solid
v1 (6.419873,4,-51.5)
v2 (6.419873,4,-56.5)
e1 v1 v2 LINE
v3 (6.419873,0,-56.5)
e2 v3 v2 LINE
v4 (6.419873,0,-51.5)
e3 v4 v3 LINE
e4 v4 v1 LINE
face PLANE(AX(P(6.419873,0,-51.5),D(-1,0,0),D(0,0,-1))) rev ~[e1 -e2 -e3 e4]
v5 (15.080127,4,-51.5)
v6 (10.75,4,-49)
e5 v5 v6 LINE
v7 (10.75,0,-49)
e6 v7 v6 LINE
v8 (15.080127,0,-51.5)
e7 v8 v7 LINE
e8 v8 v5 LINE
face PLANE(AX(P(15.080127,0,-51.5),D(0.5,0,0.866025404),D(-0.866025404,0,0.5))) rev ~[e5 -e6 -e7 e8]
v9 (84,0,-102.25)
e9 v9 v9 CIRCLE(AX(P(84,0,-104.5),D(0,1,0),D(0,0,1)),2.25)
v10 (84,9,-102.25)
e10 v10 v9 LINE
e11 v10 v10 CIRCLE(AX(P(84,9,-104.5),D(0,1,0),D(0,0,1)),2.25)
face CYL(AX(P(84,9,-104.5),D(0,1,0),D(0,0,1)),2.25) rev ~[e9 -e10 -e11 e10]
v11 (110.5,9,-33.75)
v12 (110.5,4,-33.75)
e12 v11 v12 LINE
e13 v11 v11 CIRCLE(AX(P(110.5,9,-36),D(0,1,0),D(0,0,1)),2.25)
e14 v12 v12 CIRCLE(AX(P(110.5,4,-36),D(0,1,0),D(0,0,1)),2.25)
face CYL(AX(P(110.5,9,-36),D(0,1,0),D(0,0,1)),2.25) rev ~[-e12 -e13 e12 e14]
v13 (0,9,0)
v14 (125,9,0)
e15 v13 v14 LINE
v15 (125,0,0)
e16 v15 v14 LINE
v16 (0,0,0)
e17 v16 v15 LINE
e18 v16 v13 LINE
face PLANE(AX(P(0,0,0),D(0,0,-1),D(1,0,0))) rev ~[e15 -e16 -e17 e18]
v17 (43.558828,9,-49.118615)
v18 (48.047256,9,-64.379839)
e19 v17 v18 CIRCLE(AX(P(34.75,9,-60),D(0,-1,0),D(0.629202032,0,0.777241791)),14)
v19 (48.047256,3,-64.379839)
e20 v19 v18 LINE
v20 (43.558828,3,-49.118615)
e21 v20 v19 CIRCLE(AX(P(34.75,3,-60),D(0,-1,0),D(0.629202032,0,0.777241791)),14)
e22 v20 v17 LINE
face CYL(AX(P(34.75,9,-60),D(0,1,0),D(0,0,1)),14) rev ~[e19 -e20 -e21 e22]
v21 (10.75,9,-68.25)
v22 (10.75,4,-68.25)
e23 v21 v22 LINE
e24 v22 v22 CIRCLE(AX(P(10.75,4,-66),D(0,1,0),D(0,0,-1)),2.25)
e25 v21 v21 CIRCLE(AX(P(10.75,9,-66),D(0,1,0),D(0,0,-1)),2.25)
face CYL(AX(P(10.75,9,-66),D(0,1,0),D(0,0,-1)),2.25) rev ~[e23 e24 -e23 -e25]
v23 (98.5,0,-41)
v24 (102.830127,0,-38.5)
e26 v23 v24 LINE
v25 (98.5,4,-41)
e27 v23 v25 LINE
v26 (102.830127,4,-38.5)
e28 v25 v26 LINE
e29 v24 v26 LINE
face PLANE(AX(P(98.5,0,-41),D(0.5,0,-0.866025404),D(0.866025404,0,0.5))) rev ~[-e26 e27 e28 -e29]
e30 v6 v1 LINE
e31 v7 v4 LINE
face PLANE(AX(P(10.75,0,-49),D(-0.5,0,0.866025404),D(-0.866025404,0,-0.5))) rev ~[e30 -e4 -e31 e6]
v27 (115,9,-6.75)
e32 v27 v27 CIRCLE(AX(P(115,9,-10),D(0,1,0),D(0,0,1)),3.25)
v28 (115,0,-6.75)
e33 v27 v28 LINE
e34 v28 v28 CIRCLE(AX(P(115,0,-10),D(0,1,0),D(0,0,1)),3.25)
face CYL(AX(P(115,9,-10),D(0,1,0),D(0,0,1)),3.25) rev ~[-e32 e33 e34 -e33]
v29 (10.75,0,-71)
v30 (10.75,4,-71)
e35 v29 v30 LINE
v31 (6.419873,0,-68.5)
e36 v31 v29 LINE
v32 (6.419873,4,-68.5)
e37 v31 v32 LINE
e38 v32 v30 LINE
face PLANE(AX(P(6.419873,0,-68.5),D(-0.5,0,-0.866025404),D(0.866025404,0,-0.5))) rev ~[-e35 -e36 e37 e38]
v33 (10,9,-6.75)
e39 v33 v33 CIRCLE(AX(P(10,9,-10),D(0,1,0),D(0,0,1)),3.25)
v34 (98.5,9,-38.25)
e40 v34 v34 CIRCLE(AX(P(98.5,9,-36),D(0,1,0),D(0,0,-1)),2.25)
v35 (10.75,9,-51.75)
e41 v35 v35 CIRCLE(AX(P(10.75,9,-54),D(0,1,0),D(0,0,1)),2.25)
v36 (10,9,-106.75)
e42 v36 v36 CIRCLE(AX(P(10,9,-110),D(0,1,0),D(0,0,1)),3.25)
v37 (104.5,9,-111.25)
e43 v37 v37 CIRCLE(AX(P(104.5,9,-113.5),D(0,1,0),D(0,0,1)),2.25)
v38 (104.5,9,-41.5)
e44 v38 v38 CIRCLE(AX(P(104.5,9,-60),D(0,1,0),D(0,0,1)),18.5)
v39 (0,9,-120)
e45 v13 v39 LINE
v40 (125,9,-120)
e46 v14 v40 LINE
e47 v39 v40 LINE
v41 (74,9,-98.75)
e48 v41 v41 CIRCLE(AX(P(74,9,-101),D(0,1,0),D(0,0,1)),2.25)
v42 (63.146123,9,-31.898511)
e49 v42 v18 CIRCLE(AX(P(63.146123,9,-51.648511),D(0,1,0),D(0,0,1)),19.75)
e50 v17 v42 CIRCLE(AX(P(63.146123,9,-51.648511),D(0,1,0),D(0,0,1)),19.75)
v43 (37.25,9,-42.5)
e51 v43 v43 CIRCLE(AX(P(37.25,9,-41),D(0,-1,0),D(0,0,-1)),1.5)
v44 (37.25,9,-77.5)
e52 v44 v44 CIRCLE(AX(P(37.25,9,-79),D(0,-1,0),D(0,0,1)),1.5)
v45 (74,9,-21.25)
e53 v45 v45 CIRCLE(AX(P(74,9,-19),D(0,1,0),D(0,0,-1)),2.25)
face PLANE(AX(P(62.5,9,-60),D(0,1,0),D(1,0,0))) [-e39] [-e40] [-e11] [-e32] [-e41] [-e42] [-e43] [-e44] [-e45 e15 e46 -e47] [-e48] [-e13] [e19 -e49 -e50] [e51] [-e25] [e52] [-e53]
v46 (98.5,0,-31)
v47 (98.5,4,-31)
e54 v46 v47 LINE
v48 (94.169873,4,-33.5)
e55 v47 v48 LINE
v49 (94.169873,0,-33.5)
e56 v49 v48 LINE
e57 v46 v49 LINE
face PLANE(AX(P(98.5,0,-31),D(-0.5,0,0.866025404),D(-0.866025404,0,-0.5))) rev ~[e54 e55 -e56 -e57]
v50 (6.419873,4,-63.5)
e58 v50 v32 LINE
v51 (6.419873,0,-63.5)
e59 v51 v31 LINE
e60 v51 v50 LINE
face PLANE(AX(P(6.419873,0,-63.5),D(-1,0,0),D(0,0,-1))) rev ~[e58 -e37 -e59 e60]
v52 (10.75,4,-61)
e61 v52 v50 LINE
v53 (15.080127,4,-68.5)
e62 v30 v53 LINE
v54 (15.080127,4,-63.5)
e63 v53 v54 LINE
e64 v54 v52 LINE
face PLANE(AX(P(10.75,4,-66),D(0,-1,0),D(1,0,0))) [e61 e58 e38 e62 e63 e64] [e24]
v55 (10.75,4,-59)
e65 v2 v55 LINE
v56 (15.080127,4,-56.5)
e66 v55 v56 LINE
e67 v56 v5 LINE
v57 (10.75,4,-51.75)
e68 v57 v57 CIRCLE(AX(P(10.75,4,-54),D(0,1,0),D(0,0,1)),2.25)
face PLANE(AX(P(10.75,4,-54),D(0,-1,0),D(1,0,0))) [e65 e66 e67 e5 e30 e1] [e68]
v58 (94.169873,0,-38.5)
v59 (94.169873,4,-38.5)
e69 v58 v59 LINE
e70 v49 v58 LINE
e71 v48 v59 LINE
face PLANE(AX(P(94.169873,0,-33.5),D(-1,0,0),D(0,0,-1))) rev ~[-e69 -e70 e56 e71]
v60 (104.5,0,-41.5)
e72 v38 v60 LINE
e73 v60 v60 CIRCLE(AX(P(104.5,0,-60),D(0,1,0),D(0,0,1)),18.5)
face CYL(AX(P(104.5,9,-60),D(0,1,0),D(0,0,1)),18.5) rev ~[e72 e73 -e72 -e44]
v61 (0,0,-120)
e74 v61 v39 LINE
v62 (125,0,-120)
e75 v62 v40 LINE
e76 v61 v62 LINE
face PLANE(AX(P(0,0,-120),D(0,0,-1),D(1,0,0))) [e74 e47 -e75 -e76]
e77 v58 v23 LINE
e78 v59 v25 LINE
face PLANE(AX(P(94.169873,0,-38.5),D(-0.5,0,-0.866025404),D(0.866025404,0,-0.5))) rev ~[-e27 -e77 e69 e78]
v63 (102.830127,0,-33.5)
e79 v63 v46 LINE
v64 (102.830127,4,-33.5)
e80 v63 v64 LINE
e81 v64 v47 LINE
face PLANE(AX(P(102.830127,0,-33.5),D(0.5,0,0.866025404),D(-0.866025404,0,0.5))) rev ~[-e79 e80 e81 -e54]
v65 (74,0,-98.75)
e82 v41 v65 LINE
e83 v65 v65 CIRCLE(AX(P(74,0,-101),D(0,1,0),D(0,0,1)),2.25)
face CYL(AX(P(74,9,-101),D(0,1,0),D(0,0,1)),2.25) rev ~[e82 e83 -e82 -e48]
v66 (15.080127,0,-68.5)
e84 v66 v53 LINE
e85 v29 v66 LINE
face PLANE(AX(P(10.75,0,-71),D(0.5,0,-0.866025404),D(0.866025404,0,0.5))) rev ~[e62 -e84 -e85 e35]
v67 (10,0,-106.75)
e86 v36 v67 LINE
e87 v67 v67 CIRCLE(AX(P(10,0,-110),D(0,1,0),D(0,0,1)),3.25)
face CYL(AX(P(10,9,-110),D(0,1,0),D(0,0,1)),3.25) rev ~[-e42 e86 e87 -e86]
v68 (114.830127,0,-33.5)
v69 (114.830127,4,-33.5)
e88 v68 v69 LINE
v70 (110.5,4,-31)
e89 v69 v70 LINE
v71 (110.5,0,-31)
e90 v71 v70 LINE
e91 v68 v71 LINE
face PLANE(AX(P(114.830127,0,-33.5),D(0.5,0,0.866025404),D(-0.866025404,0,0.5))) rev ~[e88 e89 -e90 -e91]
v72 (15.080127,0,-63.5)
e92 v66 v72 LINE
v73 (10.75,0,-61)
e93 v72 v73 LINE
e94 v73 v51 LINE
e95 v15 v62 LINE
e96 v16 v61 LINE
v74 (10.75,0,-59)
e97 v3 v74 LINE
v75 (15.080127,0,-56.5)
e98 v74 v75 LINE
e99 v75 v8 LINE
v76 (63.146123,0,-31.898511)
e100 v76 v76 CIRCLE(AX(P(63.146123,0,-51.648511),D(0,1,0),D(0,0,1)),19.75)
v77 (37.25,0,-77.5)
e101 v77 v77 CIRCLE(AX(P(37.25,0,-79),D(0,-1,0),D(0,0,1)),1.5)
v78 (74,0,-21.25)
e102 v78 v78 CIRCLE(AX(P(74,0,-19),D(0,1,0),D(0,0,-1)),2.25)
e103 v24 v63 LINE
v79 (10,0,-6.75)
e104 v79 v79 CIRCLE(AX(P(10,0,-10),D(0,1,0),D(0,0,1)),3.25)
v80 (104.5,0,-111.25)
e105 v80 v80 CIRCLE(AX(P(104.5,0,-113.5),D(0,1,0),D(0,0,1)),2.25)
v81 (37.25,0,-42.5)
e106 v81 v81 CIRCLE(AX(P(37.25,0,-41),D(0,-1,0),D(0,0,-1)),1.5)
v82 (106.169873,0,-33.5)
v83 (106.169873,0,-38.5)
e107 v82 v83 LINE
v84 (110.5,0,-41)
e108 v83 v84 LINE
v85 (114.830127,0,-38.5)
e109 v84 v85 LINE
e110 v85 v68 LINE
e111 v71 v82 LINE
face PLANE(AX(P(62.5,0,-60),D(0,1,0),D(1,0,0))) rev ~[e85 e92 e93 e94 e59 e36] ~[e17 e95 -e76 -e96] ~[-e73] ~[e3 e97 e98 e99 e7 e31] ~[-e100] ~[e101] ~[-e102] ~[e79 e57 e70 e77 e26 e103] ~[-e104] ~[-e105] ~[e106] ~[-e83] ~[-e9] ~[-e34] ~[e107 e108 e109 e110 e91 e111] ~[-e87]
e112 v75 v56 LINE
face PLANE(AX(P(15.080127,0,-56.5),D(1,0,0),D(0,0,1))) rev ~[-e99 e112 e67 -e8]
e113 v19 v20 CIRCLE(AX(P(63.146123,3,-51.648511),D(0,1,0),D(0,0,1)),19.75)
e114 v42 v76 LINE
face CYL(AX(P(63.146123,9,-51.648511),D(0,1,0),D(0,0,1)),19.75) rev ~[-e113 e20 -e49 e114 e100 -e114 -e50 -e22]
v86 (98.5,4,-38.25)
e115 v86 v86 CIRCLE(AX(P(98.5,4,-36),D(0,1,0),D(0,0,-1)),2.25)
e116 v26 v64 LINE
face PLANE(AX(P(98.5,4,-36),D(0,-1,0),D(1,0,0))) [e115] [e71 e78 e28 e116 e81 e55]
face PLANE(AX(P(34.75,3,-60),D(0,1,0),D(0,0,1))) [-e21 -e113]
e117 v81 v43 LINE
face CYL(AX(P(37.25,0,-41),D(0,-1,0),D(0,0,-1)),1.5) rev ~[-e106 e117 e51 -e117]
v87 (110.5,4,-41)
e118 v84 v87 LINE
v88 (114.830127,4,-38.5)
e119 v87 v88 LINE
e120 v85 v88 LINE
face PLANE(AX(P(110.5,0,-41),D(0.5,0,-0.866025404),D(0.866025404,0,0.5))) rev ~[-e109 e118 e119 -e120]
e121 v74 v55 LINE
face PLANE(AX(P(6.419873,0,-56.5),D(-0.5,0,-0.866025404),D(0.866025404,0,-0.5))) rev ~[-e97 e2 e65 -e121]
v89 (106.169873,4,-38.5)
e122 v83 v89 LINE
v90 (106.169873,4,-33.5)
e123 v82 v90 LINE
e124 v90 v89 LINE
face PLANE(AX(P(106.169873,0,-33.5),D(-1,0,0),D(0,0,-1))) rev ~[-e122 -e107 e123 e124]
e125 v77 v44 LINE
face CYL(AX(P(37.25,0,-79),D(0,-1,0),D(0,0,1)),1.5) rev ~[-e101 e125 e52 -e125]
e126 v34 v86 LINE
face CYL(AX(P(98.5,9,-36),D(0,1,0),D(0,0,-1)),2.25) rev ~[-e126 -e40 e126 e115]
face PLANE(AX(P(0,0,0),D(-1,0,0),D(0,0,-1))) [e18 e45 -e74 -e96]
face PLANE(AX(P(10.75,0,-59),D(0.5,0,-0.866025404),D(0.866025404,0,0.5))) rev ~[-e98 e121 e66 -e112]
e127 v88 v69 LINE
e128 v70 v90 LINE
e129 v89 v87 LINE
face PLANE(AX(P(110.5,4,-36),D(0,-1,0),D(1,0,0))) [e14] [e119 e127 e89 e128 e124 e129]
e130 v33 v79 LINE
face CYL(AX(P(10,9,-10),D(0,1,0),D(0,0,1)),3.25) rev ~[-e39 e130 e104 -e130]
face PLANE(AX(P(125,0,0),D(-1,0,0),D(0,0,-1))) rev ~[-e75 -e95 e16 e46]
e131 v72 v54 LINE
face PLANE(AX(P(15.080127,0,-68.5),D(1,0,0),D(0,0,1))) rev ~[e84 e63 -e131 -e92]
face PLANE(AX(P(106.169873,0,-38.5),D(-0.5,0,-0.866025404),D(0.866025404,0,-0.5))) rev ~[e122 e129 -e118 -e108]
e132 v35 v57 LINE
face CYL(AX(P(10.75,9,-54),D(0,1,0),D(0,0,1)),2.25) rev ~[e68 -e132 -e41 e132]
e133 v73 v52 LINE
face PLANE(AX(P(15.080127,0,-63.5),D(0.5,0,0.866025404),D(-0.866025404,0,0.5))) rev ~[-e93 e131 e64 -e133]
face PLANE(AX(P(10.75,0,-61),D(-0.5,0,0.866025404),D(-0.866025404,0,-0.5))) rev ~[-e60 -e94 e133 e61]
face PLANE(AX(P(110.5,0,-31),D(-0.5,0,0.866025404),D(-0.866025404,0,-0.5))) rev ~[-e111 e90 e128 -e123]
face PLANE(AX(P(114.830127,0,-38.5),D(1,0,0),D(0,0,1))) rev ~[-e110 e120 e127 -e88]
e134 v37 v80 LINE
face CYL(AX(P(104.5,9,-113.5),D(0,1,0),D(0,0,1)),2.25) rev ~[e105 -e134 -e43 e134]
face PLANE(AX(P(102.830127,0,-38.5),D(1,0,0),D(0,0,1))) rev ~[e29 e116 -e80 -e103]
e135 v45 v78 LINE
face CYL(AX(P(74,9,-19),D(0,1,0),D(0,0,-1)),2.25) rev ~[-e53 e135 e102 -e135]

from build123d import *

# Parameters (mm, degrees)
SKETCH1_W                            = 125
SKETCH1_H                            = 120
TOP_BASE_DEPTH                       = 9
SKETCH5_R                            = 14
DRIVE_GEAR_EXTRUDE_CUT_DEPTH         = 6
SKETCH17_R                           = 19.75
INTERMEDIATE_GEAR_TOP_PART_CUT_DEPTH = 174.51080658
SKETCH8_R                            = 18.5
THUMB_EXTRUDE_CUT_DEPTH              = 174.51080658
SKETCH26_R                           = 1.5
STRING_HOLES_DEPTH                   = 174.51080658
THUMB_MOUNT_HOLES_R                  = 2.25
THUMB_MOUNT_HOLES_M4_DEPTH           = 174.51080658
FINGERS_MOUNT_HOLES_R                = 2.25
FINGERS_MOUNT_HOLES_M4_DEPTH         = 174.51080658
CONNECT_HOLES_POSITION_R             = 3.25
CONNECT_HOLES_M6_DEPTH               = 174.51080658
XL320_NUT_M4_DEPTH                   = 4


with BuildPart() as part:
    # Sketch1 → Top_Base (new body)
    with BuildSketch(Plane(origin=(0, 0, 0), x_dir=(1, 0, 0), z_dir=(0, 1, 0))):
        with Locations((62.5, 60)):
            Rectangle(SKETCH1_W, SKETCH1_H)
    extrude(amount=TOP_BASE_DEPTH)

    # Sketch5 → Drive_Gear_Extrude_Cut (cut)
    with BuildSketch(Plane(origin=(0, 9, 0), x_dir=(1, 0, 0), z_dir=(0, 1, 0))):
        with Locations(Location((34.75, 60, 0), (0, 0, 270))):
            Circle(SKETCH5_R)
    extrude(amount=-DRIVE_GEAR_EXTRUDE_CUT_DEPTH, mode=Mode.SUBTRACT)

    # Sketch17 → Intermediate_Gear_Top_Part_Cut (cut, through all)
    with BuildSketch(Plane(origin=(0, 9, 0), x_dir=(1, 0, 0), z_dir=(0, 1, 0))):
        with Locations(Location((63.146123438, 51.648511205, 0), (0, 0, 270))):
            Circle(SKETCH17_R)
    extrude(amount=-INTERMEDIATE_GEAR_TOP_PART_CUT_DEPTH, mode=Mode.SUBTRACT)

    # Sketch8 → Thumb_Extrude_Cut (cut, through all)
    with BuildSketch(Plane(origin=(0, 9, 0), x_dir=(1, 0, 0), z_dir=(0, 1, 0))):
        with Locations(Location((104.5, 60, 0), (0, 0, 270))):
            Circle(SKETCH8_R)
    extrude(amount=-THUMB_EXTRUDE_CUT_DEPTH, mode=Mode.SUBTRACT)

    # Sketch26 → String_Holes (cut, through all)
    with BuildSketch(Plane.XZ):
        with Locations(Location((37.25, -41, 0), (0, 0, 270))):
            Circle(SKETCH26_R)
        with Locations(Location((37.25, -79, 0), (0, 0, 90))):
            Circle(SKETCH26_R)
    extrude(amount=-STRING_HOLES_DEPTH, mode=Mode.SUBTRACT)

    # Thumb_Mount_Holes → Thumb_Mount_Holes_(M4) (cut, through all)
    with BuildSketch(Plane(origin=(0, 9, 0), x_dir=(1, 0, 0), z_dir=(0, 1, 0))):
        with Locations(Location((104.5, 113.5, 0), (0, 0, 270))):
            Circle(THUMB_MOUNT_HOLES_R)
        with Locations(Location((84, 104.5, 0), (0, 0, 270))):
            Circle(THUMB_MOUNT_HOLES_R)
        with Locations(Location((110.5, 36, 0), (0, 0, 270))):
            Circle(THUMB_MOUNT_HOLES_R)
        with Locations(Location((98.5, 36, 0), (0, 0, 90))):
            Circle(THUMB_MOUNT_HOLES_R)
    extrude(amount=-THUMB_MOUNT_HOLES_M4_DEPTH, mode=Mode.SUBTRACT)

    # Fingers_Mount_Holes → Fingers_Mount_Holes_(M4) (cut, through all)
    with BuildSketch(Plane(origin=(0, 9, 0), x_dir=(1, 0, 0), z_dir=(0, 1, 0))):
        with Locations(Location((74, 101, 0), (0, 0, 270))):
            Circle(FINGERS_MOUNT_HOLES_R)
        with Locations(Location((74, 19, 0), (0, 0, 90))):
            Circle(FINGERS_MOUNT_HOLES_R)
        with Locations(Location((10.75, 54, 0), (0, 0, 270))):
            Circle(FINGERS_MOUNT_HOLES_R)
        with Locations(Location((10.75, 66, 0), (0, 0, 90))):
            Circle(FINGERS_MOUNT_HOLES_R)
    extrude(amount=-FINGERS_MOUNT_HOLES_M4_DEPTH, mode=Mode.SUBTRACT)

    # Connect_Holes_Position → Connect_Holes_(M6) (cut, through all)
    with BuildSketch(Plane(origin=(0, 9, 0), x_dir=(1, 0, 0), z_dir=(0, 1, 0))):
        with Locations(Location((10, 110, 0), (0, 0, 270))):
            Circle(CONNECT_HOLES_POSITION_R)
        with Locations(Location((115, 10, 0), (0, 0, 270))):
            Circle(CONNECT_HOLES_POSITION_R)
        with Locations(Location((10, 10, 0), (0, 0, 270))):
            Circle(CONNECT_HOLES_POSITION_R)
    extrude(amount=-CONNECT_HOLES_M6_DEPTH, mode=Mode.SUBTRACT)

    # Sketch27 → XL320_Nut_(M4) (cut)
    with BuildSketch(Plane.XZ):
        Polygon((10.75, -49), (6.419872981, -51.5), (6.419872981, -56.5), (10.75, -59), (15.080127019, -56.5), (15.080127019, -51.5), align=None)
        Polygon((6.419872981, -63.5), (6.419872981, -68.5), (10.75, -71), (15.080127019, -68.5), (15.080127019, -63.5), (10.75, -61), align=None)
        Polygon((102.830127019, -38.5), (102.830127019, -33.5), (98.5, -31), (94.169872981, -33.5), (94.169872981, -38.5), (98.5, -41), align=None)
        Polygon((114.830127019, -33.5), (110.5, -31), (106.169872981, -33.5), (106.169872981, -38.5), (110.5, -41), (114.830127019, -38.5), align=None)
    extrude(amount=-XL320_NUT_M4_DEPTH, mode=Mode.SUBTRACT)


solid = part.part
